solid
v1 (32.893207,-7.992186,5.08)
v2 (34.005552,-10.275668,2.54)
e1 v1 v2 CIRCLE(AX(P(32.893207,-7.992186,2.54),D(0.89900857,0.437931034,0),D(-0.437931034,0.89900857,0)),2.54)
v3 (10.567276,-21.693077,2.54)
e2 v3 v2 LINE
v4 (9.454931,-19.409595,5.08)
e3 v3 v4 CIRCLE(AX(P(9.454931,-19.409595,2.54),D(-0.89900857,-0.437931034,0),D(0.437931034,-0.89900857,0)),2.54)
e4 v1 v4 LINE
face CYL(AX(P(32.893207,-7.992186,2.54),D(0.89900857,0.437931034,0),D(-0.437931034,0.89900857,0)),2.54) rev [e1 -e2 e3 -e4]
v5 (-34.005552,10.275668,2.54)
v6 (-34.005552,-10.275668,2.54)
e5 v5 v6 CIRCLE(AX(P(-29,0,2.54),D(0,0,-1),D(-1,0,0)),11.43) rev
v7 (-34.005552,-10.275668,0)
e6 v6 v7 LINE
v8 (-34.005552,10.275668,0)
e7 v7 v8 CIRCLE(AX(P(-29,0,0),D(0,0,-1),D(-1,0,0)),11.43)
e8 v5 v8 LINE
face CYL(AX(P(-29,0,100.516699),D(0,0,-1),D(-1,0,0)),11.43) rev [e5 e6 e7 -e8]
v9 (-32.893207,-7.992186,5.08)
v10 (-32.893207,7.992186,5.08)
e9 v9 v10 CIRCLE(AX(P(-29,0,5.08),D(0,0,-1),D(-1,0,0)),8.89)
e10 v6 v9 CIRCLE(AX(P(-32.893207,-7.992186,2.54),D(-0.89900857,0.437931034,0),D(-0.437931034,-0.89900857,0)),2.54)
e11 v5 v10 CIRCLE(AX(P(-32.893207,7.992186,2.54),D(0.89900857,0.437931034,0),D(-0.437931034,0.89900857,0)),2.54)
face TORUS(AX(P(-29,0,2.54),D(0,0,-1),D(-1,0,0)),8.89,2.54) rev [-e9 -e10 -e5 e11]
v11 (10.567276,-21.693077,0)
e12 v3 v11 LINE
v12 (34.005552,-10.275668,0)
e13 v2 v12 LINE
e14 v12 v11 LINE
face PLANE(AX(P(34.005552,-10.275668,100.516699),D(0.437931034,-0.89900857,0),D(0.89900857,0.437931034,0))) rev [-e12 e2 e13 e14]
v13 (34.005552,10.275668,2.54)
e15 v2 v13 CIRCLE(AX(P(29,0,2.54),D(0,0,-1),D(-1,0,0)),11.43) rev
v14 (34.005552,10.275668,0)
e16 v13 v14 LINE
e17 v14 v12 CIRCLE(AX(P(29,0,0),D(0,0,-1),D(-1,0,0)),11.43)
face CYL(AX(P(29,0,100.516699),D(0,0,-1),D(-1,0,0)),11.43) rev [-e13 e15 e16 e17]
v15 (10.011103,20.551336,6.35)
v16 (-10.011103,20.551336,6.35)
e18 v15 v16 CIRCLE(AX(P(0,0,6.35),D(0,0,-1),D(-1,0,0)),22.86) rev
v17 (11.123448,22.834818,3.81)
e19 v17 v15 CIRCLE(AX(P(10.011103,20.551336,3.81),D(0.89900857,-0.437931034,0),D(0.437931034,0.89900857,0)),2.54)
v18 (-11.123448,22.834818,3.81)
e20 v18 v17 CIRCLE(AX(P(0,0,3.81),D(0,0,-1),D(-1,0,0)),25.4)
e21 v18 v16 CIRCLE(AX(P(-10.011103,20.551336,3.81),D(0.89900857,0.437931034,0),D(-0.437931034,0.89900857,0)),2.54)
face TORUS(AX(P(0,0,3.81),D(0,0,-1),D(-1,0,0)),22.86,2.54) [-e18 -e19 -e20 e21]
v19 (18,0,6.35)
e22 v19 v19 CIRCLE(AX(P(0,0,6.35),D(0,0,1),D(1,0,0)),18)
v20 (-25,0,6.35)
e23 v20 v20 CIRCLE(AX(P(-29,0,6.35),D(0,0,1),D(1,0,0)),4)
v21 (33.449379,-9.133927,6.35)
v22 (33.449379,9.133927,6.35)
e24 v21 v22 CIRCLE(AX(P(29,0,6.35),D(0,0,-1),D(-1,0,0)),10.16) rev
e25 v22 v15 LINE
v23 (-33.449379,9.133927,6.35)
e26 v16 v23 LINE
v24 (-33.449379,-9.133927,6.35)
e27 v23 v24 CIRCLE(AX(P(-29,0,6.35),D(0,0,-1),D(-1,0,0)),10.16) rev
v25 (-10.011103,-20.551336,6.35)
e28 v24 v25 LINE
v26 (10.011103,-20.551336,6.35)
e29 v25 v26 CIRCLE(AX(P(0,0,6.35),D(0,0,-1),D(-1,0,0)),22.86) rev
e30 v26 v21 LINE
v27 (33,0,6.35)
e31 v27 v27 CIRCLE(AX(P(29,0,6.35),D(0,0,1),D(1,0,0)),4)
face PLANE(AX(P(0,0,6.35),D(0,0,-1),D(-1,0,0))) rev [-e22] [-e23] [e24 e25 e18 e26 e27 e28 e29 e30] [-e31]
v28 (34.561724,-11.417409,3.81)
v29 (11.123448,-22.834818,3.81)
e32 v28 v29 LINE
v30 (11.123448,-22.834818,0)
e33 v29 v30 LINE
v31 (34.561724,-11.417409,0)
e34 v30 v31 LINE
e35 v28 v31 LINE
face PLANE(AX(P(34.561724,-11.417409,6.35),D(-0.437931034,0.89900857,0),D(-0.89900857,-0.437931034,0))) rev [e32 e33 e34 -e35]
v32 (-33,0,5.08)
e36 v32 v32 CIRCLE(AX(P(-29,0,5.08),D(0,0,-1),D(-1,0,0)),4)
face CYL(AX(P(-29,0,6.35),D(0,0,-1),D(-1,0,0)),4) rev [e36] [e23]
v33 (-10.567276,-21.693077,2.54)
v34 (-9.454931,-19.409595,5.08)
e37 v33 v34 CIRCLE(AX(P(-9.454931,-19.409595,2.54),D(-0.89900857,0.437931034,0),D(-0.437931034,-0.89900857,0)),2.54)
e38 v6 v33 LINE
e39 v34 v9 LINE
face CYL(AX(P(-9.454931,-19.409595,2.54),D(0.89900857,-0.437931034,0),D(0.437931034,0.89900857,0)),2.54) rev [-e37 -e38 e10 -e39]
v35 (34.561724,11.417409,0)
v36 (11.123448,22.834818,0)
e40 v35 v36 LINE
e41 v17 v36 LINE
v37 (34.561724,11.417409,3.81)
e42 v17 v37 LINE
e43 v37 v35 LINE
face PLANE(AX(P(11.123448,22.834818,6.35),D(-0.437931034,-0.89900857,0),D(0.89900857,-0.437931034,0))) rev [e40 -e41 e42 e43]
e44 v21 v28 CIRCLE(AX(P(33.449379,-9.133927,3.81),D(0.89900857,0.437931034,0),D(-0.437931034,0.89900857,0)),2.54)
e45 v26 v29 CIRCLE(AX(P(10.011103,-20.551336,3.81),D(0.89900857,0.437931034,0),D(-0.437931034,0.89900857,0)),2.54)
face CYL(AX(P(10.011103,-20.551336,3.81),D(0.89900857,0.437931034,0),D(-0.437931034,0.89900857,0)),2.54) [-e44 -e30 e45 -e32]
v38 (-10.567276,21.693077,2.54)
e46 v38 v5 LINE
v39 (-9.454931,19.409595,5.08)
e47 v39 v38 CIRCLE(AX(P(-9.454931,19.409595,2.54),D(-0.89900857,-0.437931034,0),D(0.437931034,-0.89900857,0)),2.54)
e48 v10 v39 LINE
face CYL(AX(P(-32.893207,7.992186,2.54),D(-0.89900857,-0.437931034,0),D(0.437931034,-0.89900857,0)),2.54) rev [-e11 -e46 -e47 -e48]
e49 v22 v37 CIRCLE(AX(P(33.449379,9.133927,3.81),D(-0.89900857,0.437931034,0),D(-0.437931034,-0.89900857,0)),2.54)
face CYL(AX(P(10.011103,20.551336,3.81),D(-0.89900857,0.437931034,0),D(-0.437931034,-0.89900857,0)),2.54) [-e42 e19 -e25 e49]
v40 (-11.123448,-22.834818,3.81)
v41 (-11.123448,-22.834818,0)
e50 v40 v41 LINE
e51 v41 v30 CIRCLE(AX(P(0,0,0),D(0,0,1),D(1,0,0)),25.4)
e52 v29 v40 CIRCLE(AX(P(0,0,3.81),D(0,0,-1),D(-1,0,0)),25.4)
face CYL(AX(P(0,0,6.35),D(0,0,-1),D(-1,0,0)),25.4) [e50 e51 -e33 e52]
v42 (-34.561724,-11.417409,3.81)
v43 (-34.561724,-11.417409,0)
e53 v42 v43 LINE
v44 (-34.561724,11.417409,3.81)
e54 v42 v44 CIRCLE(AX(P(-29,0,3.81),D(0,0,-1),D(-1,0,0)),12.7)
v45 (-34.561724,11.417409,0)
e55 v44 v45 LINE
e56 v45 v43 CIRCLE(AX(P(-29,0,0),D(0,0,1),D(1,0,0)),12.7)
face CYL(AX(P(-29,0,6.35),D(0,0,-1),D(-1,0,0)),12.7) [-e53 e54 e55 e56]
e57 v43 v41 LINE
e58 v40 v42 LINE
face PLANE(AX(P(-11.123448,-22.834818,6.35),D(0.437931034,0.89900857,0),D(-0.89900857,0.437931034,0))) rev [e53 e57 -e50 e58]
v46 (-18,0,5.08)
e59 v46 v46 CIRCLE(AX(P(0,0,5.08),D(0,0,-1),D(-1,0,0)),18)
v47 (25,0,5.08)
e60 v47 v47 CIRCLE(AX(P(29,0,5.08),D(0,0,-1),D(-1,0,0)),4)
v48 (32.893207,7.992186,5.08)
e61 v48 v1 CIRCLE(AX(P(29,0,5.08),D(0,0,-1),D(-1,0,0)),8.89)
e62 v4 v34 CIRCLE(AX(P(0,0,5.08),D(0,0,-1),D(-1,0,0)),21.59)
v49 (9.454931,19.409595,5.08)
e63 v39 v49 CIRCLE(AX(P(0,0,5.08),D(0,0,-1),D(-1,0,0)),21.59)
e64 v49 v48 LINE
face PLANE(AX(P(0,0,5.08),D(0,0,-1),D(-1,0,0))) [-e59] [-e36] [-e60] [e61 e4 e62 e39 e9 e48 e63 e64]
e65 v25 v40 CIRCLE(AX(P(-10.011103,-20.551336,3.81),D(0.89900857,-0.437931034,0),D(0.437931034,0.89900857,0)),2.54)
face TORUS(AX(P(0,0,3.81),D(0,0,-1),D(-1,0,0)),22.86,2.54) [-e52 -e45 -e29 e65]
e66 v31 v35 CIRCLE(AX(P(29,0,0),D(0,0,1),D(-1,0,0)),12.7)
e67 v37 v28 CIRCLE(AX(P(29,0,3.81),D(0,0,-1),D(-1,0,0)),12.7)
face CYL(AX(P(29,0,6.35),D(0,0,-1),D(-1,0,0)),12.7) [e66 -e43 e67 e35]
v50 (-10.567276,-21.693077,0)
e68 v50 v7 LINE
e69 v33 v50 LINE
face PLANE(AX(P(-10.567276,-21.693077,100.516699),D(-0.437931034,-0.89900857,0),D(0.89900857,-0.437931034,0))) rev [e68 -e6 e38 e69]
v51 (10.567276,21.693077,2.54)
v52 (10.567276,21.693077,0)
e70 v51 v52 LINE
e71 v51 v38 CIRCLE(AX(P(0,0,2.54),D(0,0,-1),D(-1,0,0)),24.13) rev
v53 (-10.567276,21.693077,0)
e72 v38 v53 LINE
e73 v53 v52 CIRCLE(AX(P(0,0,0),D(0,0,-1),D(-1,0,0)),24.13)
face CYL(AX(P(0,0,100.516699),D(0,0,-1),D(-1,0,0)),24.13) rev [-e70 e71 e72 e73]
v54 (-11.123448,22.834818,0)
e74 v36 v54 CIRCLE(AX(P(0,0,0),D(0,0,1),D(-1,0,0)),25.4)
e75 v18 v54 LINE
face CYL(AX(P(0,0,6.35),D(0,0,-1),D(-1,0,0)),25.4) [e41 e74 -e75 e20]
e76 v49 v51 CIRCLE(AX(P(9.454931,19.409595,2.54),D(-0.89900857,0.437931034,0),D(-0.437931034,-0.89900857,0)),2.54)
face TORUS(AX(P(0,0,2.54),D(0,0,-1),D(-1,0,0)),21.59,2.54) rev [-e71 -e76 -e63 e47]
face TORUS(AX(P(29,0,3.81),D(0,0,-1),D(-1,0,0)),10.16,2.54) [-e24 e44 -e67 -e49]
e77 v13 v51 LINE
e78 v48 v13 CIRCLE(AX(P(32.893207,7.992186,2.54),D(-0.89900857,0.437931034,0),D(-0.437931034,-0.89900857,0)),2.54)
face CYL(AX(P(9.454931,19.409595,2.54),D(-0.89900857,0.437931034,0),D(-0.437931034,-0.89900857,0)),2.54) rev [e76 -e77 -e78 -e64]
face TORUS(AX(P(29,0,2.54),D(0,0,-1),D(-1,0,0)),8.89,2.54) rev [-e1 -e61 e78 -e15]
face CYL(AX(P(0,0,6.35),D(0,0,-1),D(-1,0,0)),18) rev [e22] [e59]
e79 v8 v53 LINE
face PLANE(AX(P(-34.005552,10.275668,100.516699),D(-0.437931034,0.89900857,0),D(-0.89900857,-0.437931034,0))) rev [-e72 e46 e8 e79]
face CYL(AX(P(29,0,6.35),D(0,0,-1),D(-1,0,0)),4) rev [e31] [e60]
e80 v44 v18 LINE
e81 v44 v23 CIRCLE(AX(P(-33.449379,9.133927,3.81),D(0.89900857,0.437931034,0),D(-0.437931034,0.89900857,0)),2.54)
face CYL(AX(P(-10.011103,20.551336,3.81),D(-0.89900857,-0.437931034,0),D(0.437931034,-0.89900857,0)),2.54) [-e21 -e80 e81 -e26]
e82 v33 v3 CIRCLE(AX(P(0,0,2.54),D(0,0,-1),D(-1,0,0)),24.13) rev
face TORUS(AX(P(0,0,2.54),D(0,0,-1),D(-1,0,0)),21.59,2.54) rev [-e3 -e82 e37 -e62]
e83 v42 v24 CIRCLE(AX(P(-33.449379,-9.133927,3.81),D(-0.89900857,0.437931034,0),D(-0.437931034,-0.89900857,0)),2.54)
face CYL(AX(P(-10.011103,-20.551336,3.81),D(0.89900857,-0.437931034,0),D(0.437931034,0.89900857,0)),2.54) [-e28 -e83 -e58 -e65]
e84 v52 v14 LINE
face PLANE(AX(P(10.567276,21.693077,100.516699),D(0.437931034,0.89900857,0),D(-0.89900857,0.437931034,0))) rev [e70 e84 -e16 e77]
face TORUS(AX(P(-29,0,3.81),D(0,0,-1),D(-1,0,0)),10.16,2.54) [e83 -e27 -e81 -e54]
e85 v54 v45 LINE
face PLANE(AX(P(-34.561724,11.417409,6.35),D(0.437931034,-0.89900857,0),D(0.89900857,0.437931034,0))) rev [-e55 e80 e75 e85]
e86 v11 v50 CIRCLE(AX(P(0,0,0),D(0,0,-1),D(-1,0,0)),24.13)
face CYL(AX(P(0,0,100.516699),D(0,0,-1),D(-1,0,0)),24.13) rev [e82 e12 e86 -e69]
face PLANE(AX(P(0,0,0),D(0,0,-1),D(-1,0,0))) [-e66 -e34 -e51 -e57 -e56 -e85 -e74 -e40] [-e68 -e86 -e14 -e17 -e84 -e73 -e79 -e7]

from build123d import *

# Parameters (mm, degrees)
SKETCH1_R           = 4
SKETCH1_R_2         = 18
BOSS_EXTRUDE1_DEPTH = 6.35
CUT_EXTRUDE1_DEPTH  = 5.08
FILLET1_R           = 2.54


with BuildPart() as part:
    # Sketch1 → Boss-Extrude1 (new body)
    with BuildSketch(Plane.XY):
        with BuildLine():
            Line((-34.561724138, 11.41740884), (-11.123448276, 22.834817679))
            ThreePointArc((-11.123448276, 22.834817679), (0, 25.4), (11.123448276, 22.834817679))
            Line((11.123448276, 22.834817679), (34.561724138, 11.41740884))
            ThreePointArc((34.561724138, 11.41740884), (41.7, 0), (34.561724138, -11.41740884))
            Line((34.561724138, -11.41740884), (11.123448276, -22.834817679))
            ThreePointArc((11.123448276, -22.834817679), (0, -25.4), (-11.123448276, -22.834817679))
            Line((-11.123448276, -22.834817679), (-34.561724138, -11.41740884))
            ThreePointArc((-34.561724138, -11.41740884), (-41.7, 0), (-34.561724138, 11.41740884))
        make_face()
        with Locations((-29, 0)):
            Circle(SKETCH1_R, mode=Mode.SUBTRACT)
        with Locations((29, 0)):
            Circle(SKETCH1_R, mode=Mode.SUBTRACT)
        Circle(SKETCH1_R_2, mode=Mode.SUBTRACT)
    extrude(amount=BOSS_EXTRUDE1_DEPTH)

    # Sketch2 → Cut-Extrude1 (cut)
    with BuildSketch(Plane(origin=(0, 0, 0), x_dir=(-1, 0, 0), z_dir=(0, 0, -1))):
        with BuildLine():
            Line((34.005551724, 10.275667956), (10.567275862, 21.693076795))
            ThreePointArc((10.567275862, 21.693076795), (0, 24.13), (-10.567275862, 21.693076795))
            Line((-10.567275862, 21.693076795), (-34.005551724, 10.275667956))
            ThreePointArc((-34.005551724, 10.275667956), (-40.43, 0), (-34.005551724, -10.275667956))
            Line((-34.005551724, -10.275667956), (-10.567275862, -21.693076795))
            ThreePointArc((-10.567275862, -21.693076795), (0, -24.13), (10.567275862, -21.693076795))
            Line((10.567275862, -21.693076795), (34.005551724, -10.275667956))
            ThreePointArc((34.005551724, -10.275667956), (40.43, 0), (34.005551724, 10.275667956))
        make_face()
    extrude(amount=-CUT_EXTRUDE1_DEPTH, mode=Mode.SUBTRACT)

    # Fillet1
    fillet1_edges = [part.edges().sort_by_distance(p)[0] for p in [
        (-41.7, 0, 6.35),
        (-22.842586207, -17.12611326, 6.35),
        (0, -25.4, 6.35),
        (22.842586207, -17.12611326, 6.35),
        (41.7, 0, 6.35),
        (22.842586207, 17.12611326, 6.35),
        (0, 25.4, 6.35),
        (0, 24.13, 5.08),
        (-22.286413793, 15.984372376, 5.08),
        (-40.43, 0, 5.08),
        (-22.286413793, -15.984372376, 5.08),
        (0, -24.13, 5.08),
        (22.286413793, -15.984372376, 5.08),
        (40.43, 0, 5.08),
        (22.286413793, 15.984372376, 5.08),
        (-22.842586207, 17.12611326, 6.35),
    ]]
    fillet(fillet1_edges, radius=FILLET1_R)


solid = part.part
